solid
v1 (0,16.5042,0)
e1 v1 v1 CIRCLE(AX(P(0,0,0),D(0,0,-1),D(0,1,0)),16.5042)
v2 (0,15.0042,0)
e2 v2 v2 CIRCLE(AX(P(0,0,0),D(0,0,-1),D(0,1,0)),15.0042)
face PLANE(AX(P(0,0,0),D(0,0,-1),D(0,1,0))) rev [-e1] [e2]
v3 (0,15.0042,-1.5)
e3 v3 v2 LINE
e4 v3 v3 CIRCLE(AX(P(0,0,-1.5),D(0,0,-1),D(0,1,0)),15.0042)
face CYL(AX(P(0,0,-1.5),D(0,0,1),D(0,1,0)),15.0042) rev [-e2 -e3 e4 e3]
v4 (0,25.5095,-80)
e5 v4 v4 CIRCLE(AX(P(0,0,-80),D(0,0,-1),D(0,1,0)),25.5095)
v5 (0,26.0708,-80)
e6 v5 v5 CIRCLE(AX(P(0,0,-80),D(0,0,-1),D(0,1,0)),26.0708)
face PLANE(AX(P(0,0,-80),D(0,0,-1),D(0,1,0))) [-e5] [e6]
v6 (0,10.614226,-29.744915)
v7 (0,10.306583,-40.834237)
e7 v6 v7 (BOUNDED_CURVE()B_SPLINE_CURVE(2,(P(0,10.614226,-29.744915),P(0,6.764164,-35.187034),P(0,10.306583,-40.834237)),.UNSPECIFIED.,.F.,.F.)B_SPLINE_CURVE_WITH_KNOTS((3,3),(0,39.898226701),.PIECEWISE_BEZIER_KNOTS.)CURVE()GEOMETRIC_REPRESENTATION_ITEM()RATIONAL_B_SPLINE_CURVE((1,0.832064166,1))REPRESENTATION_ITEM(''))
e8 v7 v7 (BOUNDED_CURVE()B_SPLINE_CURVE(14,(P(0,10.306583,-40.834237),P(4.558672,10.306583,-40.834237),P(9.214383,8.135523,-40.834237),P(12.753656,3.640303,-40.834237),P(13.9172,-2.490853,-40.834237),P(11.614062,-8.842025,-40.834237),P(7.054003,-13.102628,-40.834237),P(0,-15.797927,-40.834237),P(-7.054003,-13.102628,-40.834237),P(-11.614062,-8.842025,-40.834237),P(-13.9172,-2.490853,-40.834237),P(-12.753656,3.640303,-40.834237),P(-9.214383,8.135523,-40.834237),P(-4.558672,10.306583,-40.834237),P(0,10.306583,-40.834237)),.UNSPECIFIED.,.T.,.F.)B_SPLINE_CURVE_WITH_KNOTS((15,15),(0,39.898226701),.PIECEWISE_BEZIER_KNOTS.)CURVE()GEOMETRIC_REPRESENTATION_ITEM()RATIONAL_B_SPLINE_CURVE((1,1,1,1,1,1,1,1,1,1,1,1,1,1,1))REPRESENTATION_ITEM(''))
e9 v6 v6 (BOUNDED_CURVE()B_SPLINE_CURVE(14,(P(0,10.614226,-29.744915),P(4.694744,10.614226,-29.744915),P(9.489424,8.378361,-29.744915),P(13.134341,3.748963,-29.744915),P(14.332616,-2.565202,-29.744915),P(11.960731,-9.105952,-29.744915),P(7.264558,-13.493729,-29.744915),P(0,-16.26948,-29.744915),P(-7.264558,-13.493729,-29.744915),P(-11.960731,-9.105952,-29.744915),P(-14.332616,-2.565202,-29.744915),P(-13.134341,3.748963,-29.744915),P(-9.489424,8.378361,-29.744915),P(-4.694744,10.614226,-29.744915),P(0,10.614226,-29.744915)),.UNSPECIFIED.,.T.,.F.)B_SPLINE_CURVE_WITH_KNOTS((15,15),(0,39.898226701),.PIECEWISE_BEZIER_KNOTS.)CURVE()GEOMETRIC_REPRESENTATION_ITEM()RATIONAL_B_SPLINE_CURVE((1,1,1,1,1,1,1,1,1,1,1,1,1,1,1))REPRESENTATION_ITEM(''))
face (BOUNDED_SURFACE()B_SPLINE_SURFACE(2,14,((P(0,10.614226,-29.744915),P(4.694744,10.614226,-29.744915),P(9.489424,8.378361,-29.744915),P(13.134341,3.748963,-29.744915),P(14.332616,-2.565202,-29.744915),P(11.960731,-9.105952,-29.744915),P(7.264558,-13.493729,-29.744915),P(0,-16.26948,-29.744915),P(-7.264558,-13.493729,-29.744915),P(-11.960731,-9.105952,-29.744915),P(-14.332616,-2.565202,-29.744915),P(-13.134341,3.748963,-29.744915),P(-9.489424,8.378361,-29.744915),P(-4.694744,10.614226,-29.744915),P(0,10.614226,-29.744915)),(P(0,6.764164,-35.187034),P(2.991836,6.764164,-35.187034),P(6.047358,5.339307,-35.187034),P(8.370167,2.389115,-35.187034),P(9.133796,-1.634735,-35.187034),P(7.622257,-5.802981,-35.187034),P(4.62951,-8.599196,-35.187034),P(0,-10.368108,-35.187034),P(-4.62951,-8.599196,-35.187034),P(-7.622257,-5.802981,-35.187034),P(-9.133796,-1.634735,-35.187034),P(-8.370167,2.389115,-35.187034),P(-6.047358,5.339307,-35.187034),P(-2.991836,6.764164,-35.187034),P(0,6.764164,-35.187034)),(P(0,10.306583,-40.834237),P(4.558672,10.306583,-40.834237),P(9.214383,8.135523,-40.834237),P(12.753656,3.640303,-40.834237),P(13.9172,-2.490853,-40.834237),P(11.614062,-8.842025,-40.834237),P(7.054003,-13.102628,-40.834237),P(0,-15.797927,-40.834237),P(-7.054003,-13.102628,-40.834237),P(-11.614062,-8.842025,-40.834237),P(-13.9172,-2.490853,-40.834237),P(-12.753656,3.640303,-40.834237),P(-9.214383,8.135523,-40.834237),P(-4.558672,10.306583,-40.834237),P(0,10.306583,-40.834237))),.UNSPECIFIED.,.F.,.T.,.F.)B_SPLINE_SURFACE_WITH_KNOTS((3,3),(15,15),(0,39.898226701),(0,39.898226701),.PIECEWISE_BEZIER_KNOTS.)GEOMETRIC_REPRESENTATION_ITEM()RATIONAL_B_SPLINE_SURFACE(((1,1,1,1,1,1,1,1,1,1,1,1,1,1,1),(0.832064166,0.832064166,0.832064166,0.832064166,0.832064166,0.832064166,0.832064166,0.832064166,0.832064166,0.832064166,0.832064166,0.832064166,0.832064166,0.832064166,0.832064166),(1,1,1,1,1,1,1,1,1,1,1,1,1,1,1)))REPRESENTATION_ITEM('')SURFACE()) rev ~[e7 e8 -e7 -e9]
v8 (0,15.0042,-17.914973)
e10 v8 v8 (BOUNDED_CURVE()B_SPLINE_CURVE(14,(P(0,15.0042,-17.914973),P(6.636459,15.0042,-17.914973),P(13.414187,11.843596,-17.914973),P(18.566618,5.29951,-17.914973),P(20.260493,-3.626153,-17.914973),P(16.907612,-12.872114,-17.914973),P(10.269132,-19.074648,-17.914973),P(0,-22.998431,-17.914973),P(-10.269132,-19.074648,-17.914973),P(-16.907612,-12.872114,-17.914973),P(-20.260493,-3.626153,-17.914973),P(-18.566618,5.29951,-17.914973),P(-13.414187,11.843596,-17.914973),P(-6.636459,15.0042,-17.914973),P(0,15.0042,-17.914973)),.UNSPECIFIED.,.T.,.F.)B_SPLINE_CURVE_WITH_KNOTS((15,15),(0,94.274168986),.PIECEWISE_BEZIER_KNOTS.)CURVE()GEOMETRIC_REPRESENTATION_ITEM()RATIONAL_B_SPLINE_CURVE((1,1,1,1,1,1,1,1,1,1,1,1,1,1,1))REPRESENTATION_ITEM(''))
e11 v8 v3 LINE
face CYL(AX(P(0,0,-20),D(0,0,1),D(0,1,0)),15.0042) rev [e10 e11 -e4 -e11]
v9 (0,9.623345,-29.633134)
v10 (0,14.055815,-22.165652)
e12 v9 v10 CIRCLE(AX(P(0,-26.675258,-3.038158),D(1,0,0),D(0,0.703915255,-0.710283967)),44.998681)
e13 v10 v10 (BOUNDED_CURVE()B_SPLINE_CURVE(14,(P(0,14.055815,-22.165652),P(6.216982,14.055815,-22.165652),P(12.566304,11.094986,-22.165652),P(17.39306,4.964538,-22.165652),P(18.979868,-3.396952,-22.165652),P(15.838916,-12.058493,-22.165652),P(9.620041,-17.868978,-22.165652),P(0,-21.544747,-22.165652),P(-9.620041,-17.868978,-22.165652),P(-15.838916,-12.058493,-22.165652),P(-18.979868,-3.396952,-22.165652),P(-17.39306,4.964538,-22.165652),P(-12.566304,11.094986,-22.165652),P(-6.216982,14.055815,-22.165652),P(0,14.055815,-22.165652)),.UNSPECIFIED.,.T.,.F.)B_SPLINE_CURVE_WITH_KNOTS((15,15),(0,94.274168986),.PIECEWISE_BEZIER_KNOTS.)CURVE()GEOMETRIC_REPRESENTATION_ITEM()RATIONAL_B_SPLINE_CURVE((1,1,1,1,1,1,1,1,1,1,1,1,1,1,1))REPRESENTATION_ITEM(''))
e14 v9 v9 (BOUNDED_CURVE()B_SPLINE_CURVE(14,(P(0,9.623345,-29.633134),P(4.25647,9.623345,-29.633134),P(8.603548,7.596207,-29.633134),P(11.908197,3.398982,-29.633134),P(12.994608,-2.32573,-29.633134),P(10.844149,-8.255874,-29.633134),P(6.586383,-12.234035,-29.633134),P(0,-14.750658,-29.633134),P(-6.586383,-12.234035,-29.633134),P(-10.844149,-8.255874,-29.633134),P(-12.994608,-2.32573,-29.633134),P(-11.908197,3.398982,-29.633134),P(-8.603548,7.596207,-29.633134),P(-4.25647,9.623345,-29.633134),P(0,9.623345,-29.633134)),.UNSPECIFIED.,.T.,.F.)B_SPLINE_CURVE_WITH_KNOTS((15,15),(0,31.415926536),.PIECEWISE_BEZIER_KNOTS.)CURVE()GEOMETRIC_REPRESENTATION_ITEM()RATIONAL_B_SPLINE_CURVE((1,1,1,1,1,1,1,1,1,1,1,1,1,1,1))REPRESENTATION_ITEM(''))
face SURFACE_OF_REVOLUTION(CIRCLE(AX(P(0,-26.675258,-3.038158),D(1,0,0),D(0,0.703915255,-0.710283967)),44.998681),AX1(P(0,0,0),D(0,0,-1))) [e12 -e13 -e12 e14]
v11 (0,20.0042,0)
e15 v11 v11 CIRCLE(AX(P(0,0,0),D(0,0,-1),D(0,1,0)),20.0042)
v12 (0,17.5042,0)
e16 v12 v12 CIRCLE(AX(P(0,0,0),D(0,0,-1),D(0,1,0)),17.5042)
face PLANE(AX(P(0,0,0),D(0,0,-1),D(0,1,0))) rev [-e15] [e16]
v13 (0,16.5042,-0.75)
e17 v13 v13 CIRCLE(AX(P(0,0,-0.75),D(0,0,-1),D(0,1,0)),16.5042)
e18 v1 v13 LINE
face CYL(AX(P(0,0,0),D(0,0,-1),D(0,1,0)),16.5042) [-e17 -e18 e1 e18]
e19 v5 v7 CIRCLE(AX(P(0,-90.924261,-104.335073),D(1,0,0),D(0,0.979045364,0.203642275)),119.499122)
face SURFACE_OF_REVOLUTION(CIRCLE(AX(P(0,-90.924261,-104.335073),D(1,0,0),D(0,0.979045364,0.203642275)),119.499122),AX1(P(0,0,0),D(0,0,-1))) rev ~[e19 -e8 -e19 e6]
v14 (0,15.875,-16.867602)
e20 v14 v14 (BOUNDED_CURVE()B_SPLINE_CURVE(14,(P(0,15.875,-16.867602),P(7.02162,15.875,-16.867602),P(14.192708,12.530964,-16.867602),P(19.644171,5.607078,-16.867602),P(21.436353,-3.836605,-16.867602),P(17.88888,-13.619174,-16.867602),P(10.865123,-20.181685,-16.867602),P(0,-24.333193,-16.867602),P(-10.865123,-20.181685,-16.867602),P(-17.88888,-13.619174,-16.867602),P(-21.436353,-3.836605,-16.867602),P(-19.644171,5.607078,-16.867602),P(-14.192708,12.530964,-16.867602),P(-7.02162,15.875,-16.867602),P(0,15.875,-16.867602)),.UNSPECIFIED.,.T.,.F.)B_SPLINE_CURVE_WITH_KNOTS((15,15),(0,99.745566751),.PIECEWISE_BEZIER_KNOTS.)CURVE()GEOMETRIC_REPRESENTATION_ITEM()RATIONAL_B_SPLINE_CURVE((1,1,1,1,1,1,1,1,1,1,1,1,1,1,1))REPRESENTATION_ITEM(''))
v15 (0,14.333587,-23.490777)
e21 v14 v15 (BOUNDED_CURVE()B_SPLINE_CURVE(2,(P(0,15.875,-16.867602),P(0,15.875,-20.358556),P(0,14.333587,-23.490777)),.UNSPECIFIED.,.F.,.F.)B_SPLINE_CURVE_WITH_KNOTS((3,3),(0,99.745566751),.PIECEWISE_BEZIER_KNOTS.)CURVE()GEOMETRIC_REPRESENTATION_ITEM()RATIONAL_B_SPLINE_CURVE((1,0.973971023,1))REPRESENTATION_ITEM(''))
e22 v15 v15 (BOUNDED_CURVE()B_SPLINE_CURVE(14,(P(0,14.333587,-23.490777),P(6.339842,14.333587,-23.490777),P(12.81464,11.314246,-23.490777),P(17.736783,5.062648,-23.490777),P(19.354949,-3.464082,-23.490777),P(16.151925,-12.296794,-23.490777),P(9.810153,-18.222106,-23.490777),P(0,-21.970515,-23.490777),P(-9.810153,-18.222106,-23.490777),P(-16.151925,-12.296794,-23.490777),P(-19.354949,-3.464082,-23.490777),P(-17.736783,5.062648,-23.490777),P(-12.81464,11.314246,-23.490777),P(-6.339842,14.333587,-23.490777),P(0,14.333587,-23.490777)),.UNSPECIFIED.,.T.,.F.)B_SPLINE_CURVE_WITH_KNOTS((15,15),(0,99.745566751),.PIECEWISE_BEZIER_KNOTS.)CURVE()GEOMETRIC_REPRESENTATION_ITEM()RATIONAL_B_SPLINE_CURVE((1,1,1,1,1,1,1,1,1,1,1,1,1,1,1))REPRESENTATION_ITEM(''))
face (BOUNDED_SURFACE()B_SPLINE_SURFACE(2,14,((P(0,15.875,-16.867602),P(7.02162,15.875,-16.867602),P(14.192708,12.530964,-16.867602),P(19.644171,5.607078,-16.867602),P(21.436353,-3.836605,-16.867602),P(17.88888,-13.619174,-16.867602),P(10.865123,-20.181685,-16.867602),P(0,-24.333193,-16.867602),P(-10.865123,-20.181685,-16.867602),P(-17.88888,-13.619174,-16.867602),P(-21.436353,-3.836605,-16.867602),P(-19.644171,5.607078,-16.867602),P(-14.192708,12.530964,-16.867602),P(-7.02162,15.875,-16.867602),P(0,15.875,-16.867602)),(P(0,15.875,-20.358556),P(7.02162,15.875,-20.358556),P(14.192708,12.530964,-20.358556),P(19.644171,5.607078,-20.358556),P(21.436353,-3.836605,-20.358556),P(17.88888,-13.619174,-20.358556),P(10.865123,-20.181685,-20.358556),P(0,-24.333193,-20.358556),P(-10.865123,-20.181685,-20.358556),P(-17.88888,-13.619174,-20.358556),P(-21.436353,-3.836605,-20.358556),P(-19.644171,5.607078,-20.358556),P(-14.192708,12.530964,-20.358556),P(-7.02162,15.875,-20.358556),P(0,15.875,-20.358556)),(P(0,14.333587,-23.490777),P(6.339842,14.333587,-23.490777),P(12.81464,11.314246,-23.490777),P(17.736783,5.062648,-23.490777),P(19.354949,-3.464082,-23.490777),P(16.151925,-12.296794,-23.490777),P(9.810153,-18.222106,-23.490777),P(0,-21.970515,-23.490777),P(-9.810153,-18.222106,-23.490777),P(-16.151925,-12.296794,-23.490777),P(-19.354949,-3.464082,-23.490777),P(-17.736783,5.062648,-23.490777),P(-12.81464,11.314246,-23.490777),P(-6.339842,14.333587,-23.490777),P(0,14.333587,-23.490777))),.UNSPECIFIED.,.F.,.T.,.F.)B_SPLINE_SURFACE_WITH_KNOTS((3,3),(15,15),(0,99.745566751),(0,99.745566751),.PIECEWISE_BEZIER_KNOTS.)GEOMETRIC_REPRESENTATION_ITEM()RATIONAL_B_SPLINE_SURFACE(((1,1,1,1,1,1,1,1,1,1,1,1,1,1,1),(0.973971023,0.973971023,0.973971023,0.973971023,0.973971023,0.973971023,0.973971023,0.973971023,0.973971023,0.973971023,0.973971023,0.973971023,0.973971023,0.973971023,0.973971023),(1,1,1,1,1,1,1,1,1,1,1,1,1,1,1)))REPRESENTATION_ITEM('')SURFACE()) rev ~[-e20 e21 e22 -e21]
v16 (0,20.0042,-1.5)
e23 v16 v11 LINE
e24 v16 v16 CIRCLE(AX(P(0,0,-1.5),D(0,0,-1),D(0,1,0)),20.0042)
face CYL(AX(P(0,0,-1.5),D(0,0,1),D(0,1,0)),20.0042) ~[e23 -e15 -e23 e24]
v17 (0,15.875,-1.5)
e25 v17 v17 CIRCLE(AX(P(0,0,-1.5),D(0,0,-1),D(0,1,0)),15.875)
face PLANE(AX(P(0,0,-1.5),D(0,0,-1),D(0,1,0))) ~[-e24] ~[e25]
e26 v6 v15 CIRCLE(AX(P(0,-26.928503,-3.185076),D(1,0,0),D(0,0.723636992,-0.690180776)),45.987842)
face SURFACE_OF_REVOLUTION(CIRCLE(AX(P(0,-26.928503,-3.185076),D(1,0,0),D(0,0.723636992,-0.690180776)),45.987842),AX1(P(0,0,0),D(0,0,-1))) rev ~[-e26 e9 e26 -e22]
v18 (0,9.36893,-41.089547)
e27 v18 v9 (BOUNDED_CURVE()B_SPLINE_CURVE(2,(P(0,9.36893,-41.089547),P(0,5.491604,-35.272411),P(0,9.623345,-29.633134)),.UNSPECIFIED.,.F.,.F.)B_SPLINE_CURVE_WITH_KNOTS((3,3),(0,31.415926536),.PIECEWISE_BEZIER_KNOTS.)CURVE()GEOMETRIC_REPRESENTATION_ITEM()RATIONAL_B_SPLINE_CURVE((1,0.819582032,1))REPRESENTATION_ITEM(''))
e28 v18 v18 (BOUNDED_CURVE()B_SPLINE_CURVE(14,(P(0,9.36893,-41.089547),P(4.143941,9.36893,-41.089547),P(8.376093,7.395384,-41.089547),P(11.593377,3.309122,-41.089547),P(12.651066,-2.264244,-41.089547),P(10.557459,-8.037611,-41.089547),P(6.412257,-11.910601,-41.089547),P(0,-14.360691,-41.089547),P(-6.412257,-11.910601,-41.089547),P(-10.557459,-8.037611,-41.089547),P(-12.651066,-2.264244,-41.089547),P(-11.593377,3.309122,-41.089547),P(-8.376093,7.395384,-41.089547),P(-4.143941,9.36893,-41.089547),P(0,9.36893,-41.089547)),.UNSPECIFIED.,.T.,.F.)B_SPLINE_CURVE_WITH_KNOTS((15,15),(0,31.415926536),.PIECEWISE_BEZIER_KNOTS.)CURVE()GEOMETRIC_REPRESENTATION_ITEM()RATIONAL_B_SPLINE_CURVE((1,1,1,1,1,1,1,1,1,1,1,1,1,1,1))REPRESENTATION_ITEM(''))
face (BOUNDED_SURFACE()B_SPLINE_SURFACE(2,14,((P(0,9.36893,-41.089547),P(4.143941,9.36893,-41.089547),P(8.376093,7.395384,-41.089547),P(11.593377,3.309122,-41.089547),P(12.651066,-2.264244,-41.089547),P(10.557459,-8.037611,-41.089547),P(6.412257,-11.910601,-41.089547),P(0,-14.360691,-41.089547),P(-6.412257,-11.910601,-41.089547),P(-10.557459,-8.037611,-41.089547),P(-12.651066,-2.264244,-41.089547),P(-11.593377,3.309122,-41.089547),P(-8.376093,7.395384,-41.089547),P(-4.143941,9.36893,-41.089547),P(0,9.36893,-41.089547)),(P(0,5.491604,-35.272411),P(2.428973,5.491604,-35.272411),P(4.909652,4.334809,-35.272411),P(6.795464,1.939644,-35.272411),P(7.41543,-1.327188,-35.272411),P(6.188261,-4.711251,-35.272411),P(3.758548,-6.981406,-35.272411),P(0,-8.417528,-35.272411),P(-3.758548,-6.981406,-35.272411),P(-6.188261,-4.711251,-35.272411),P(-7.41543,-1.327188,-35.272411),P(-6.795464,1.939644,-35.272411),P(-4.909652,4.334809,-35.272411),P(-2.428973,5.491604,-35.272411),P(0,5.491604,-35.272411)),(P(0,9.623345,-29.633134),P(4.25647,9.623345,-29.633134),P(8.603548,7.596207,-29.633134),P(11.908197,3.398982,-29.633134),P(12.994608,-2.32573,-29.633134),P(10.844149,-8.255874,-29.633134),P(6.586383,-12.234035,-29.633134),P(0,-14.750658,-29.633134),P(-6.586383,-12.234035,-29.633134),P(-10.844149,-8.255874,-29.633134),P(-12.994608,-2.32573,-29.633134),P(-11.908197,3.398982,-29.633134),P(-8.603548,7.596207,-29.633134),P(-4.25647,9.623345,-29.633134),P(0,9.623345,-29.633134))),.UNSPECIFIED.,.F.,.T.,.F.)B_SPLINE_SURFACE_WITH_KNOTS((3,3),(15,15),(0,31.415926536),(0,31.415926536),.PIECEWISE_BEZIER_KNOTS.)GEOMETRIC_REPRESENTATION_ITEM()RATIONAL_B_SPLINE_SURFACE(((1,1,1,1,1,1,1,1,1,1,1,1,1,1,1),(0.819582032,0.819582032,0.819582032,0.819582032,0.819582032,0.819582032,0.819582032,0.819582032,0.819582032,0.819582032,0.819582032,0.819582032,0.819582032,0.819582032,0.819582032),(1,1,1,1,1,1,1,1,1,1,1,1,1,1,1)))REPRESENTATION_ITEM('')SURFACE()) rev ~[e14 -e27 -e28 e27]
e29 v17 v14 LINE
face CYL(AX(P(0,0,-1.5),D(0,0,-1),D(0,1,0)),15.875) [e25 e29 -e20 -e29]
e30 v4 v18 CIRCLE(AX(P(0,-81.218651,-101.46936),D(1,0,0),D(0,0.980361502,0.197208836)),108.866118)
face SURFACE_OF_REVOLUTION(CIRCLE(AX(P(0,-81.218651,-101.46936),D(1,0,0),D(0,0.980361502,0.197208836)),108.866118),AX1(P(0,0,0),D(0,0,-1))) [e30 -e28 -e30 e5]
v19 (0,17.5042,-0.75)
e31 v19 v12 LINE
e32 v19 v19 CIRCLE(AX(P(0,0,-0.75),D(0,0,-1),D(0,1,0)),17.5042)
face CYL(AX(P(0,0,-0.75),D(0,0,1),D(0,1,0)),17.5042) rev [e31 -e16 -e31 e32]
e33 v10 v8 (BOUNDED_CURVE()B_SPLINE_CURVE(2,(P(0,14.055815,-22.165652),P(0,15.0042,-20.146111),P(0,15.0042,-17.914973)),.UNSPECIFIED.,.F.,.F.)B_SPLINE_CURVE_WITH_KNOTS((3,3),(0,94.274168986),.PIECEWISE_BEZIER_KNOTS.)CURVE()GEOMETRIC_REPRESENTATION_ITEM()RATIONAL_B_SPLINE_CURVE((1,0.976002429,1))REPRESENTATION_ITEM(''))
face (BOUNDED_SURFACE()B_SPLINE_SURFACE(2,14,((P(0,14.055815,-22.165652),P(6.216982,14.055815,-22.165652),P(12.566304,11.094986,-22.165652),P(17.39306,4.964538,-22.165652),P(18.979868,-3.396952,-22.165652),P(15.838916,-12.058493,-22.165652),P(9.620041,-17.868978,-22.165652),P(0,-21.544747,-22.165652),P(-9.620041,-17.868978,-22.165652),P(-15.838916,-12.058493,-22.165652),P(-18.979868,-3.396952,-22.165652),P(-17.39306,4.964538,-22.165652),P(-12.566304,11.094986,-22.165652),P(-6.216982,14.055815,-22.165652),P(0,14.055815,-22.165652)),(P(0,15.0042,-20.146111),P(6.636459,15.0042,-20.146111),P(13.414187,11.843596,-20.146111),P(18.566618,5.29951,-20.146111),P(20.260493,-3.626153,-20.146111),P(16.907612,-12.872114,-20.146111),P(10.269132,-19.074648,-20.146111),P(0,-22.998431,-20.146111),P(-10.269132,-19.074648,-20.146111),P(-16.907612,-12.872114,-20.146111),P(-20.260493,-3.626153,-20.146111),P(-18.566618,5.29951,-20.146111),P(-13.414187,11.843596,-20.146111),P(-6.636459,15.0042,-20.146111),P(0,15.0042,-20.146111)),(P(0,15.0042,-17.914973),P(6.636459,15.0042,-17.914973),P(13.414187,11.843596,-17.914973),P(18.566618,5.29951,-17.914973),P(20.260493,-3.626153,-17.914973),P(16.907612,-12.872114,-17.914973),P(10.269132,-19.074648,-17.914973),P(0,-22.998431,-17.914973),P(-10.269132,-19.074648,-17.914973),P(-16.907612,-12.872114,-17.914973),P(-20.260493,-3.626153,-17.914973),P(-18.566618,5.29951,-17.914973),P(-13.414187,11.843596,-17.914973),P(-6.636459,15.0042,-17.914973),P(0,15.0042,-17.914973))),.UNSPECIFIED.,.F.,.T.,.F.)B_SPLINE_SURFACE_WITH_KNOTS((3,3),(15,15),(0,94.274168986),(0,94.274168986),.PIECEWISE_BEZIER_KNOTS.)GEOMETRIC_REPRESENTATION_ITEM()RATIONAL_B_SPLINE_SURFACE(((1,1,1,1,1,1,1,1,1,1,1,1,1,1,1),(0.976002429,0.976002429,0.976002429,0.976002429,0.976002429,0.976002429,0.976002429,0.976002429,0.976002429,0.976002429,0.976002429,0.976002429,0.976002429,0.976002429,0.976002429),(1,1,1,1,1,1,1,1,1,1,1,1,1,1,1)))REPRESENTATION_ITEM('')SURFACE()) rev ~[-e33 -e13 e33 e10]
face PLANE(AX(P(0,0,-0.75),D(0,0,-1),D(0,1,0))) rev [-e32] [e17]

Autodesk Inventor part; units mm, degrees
ref_plane "YZ Plane" through (0, 0, 0) normal (1, 0, 0) x (0, 1, 0)
ref_plane "XZ Plane" through (0, 0, 0) normal (0, 1, 0) x (-1, 0, 0)
ref_plane "XY Plane" through (0, 0, 0) normal (0, 0, 1) x (1, 0, 0)
sketch "CD Nozzle Sketch" plane through (0, 0, 0) normal (1, 0, 0) x (0, 1, 0)
  line L0 (15.0042, -20) -> (15.0042, -1.5)
  line L1 (15.875, -1.5) -> (15.875, -20)
  arc A0 (6.35, -34.925) -> (15.875, -20) centre (-26.9286, -3.185) ccw
  line L2 (15.875, -1.5) -> (20.0042, -1.5)
  line L3 (20.0042, -1.5) -> (20.0042, 0)
  arc A1 (25.5095, -80) -> (5, -35) centre (-81.2197, -101.4697) ccw
  arc A2 (26.0708, -80) -> (6.35, -34.925) centre (-90.9256, -104.3355) ccw
  arc A3 (5, -35) -> (15.0042, -20) centre (-26.6763, -3.0373) ccw
  line L4 (16.5042, 0) -> (16.5042, -0.75)
  line L5 (16.5042, -0.75) -> (17.5042, -0.75)
  line L6 (17.5042, -0.75) -> (17.5042, 0)
  line L7 (17.5042, 0) -> (20.0042, 0)
  line L8 (0, 1) -> (0, 0)
  line L9 (0, 1) -> (0, 0)
  line L10 (0, 3.175) -> (0, 0)
  line L11 (0, -0.75) -> (0, 0)
  line L12 (26.0708, -80) -> (25.5095, -80)
  line L13 (15.0042, -1.5) -> (15.0042, 0)
  line L14 (15.0042, 0) -> (16.5042, 0)
  line L15 (0, 0) -> (0, -80)
  dimension "d34" = 45
  dimension "d39" = 35
revolve "CD Nozzle" add sketch "CD Nozzle Sketch" angle 360 about axis through (0, 0, 0) along (0, 0, -1)
fillet "Fillet14" radius 15 1 edges at (0, -15.875, -20)
fillet "Fillet15" radius 10 1 edges at (0, -6.35, -34.925)
fillet "Fillet16" radius 10 1 edges at (0, -5, -35)
fillet "Fillet17" radius 10 1 edges at (0, -15.0042, -20)
properties part number "alpha-i-lre" material "Steel, Mild"
